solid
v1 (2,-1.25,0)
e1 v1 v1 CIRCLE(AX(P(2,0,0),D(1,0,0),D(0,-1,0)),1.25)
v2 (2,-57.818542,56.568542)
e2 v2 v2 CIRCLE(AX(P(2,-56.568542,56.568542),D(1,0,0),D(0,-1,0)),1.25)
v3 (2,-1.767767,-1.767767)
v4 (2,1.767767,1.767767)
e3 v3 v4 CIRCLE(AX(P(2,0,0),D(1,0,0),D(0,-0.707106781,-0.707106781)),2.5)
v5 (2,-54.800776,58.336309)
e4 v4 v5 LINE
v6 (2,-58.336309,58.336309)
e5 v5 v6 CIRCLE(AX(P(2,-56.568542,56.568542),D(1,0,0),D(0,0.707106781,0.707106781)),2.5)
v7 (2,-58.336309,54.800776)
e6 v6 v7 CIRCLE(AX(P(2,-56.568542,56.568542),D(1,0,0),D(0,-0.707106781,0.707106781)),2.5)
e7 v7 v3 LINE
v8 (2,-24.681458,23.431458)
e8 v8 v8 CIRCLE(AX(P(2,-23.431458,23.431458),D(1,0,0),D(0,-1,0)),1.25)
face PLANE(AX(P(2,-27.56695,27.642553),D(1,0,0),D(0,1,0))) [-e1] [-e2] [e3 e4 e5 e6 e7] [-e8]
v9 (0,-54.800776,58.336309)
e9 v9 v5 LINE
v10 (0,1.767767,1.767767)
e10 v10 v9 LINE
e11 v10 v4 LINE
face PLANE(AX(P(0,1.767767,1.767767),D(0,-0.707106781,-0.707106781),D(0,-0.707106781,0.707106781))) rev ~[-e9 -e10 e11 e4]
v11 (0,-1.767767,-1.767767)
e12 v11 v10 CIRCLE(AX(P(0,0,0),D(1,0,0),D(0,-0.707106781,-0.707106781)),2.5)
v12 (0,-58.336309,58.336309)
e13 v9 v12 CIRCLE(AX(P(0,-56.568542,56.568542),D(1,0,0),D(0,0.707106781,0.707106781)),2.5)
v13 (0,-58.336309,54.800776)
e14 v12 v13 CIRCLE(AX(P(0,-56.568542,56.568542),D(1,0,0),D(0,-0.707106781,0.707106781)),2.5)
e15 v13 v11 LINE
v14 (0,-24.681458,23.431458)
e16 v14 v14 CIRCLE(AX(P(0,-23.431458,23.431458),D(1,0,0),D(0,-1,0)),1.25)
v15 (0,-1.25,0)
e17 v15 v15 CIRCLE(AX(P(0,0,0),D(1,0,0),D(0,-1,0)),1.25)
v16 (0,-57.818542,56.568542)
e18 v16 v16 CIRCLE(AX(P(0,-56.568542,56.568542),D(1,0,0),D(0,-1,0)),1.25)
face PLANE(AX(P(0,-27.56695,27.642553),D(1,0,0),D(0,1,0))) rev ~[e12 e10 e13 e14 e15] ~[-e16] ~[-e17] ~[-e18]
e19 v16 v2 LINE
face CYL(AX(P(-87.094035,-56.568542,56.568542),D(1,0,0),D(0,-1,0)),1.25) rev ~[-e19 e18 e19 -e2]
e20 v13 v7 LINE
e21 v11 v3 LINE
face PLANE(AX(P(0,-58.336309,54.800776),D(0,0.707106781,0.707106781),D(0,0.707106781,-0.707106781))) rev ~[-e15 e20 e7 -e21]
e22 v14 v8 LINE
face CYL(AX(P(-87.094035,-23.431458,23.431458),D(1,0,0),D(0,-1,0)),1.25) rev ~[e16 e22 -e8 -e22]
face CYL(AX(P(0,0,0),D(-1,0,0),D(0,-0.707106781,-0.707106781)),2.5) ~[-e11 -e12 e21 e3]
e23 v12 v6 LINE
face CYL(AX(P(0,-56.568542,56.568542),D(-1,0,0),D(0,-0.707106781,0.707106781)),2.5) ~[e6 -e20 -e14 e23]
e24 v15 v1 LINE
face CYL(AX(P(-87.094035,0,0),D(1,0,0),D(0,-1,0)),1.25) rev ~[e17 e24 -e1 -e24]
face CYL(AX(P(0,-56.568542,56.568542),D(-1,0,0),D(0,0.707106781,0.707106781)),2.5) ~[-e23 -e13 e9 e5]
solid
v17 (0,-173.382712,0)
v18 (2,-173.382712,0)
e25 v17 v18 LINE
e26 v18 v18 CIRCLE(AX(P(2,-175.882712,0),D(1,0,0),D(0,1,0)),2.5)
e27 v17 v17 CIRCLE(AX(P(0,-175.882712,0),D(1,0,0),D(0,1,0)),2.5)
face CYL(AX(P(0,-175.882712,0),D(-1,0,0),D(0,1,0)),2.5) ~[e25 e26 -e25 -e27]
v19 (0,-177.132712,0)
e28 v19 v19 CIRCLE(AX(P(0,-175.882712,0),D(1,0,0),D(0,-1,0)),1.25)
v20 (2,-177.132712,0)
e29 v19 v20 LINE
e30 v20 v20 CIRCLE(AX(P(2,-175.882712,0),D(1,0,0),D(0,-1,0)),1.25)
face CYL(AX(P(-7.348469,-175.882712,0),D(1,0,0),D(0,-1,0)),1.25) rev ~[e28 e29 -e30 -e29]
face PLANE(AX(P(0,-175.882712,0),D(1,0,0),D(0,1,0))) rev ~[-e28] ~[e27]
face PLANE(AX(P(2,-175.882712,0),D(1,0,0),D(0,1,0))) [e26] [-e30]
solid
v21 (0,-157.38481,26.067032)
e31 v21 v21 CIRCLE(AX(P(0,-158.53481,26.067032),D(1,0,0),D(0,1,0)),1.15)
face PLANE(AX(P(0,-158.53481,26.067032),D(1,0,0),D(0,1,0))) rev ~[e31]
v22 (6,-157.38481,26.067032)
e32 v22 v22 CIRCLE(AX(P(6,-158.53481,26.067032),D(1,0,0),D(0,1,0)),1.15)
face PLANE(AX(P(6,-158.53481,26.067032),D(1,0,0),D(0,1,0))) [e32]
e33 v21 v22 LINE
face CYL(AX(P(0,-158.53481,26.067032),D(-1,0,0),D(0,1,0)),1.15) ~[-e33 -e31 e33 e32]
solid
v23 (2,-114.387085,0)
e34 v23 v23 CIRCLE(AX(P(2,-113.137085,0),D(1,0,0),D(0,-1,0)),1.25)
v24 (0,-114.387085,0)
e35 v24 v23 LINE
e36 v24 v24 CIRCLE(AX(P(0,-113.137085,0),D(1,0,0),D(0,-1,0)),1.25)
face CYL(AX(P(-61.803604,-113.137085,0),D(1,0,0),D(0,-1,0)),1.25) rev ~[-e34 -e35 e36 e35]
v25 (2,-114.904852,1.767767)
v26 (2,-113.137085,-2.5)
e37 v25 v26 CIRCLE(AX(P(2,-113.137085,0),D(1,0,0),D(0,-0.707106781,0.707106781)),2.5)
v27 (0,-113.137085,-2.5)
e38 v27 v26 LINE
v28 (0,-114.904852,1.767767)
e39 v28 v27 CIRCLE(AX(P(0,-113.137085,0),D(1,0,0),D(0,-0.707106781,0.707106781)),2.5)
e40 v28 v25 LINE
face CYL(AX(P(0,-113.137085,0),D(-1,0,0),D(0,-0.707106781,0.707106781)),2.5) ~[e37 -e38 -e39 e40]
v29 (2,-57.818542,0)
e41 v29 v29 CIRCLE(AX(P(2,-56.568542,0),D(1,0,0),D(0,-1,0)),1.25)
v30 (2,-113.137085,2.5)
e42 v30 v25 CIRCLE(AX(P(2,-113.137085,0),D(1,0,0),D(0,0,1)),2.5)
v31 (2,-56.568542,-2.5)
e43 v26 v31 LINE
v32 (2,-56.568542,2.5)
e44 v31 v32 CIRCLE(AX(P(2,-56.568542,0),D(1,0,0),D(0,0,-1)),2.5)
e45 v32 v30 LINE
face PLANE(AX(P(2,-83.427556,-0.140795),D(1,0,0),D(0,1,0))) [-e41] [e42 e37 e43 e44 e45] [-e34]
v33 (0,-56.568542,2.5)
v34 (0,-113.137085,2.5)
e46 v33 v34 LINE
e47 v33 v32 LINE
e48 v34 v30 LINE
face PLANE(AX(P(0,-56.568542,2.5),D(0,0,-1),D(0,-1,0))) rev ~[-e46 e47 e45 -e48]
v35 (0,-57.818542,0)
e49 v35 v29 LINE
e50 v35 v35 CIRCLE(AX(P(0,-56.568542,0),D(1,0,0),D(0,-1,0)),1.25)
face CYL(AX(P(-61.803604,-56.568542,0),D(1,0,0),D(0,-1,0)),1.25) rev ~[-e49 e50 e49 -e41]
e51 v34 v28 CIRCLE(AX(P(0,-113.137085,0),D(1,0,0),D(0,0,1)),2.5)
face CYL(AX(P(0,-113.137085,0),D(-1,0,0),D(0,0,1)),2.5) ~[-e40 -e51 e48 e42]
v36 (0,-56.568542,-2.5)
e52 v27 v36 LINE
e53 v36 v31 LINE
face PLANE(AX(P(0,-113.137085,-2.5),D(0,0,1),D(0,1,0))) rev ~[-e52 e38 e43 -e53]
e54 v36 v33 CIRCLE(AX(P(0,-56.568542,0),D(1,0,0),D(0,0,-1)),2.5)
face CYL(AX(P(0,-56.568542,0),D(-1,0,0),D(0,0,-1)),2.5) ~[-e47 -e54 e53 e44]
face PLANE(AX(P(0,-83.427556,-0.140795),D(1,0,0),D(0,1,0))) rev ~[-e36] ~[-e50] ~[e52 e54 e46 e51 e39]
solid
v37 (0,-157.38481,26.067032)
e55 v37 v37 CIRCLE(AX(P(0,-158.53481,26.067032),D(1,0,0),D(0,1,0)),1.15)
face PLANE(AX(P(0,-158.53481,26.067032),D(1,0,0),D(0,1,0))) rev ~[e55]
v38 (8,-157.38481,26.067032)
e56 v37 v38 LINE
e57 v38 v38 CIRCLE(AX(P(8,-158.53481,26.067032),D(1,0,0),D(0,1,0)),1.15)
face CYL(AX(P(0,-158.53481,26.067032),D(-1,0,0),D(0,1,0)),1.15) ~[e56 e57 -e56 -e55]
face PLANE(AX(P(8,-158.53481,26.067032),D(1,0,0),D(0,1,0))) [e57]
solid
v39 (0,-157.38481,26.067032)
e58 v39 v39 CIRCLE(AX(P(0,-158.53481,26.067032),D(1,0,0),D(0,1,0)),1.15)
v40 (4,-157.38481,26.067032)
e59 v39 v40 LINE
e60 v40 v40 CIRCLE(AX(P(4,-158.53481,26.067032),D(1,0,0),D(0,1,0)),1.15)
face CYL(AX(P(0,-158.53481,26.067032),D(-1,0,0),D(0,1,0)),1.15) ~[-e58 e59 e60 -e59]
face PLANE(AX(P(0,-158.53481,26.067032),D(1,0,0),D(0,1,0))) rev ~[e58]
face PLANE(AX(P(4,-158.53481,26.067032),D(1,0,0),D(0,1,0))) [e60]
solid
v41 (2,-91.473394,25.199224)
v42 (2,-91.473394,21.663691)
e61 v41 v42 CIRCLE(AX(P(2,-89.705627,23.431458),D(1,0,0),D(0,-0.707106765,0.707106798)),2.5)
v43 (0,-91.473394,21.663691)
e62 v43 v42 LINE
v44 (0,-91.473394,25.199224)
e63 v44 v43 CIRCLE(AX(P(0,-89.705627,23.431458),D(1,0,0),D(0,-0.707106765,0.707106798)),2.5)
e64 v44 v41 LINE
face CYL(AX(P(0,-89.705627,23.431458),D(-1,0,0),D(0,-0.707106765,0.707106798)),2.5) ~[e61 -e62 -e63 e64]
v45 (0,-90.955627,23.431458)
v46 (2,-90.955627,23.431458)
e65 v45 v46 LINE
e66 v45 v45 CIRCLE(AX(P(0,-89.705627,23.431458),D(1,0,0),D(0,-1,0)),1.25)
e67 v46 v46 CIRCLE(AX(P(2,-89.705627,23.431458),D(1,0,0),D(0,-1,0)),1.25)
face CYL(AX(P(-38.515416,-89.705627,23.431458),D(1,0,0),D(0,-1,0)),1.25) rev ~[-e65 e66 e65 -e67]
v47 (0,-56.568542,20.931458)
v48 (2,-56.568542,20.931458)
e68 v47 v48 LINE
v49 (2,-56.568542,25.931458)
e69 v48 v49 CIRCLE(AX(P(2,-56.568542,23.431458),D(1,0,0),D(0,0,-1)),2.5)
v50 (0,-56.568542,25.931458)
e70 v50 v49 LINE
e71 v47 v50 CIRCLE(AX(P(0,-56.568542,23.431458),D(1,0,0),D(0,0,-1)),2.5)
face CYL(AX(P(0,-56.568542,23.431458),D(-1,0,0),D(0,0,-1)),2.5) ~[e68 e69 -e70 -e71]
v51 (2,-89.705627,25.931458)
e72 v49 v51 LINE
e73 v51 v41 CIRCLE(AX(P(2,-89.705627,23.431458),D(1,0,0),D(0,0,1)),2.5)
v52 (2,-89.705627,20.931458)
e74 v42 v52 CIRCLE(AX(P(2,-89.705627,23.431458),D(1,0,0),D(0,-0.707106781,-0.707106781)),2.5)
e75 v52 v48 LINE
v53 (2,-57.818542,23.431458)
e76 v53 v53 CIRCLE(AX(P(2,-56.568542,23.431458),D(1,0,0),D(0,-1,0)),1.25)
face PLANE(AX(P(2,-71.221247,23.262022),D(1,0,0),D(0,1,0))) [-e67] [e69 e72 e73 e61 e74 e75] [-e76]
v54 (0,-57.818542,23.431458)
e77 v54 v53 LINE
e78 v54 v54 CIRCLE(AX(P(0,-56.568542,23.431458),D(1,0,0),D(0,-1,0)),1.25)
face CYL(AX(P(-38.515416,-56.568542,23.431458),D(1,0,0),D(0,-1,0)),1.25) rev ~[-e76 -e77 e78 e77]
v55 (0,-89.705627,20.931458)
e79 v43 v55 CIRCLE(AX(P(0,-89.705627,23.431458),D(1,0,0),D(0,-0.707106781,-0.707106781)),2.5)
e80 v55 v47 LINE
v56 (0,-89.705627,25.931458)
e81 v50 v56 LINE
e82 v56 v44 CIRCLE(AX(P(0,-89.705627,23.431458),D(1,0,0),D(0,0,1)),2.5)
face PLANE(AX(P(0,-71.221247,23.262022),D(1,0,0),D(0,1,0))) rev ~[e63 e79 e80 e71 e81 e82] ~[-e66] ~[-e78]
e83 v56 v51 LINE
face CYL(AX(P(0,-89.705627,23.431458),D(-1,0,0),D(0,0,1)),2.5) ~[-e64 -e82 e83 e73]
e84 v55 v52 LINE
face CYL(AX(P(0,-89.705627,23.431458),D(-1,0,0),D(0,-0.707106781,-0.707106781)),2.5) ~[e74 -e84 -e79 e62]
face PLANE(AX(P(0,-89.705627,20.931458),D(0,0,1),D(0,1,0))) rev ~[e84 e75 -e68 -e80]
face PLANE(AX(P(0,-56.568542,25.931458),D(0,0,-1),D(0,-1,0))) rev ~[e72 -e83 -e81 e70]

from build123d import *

# Parameters (mm, degrees)
F3_DEPTH  = 2
F4_DEPTH  = 2
F5_D      = 2.5
F5_2_D    = 2.5
F6_DEPTH  = 2
F7_D      = 2.5
F8_D      = 2.5
F2_R      = 2.5
F9_DEPTH  = 2
F10_D     = 2.5
F2_R_2    = 1.15
F11_DEPTH = 4
F12_DEPTH = 6
F13_DEPTH = 8


with BuildPart() as f3:
    # F2 (on Right) → F3 (new body)
    with BuildSketch(Plane.YZ):
        with BuildLine():
            ThreePointArc((-54.800775542, 58.3363094479), (-54.0685424949, 56.5685424949), (-54.800775542, 54.800775542))
            Line((-54.800775542, 54.800775542), (-56.5685424949, 53.033008589))
            Line((-56.5685424949, 53.033008589), (-1.767766953, -1.767766953))
            ThreePointArc((-1.767766953, -1.767766953), (1.767766953, -1.767766953), (1.767766953, 1.767766953))
            Line((1.767766953, 1.767766953), (-54.800775542, 58.3363094479))
        make_face()
        Polygon((-56.5685424949, 53.033008589), (-54.800775542, 54.800775542), (-56.5685424949, 56.5685424949), (-58.3363094479, 54.800775542), align=None)
        with BuildLine():
            Line((-56.5685424949, 56.5685424949), (-54.800775542, 54.800775542))
            ThreePointArc((-54.800775542, 54.800775542), (-54.0685424949, 56.5685424949), (-54.800775542, 58.3363094479))
            ThreePointArc((-54.800775542, 58.3363094479), (-56.5685424949, 59.0685424949), (-58.3363094479, 58.3363094479))
            ThreePointArc((-58.3363094479, 58.3363094479), (-59.0685424949, 56.5685424949), (-58.3363094479, 54.800775542))
            Line((-58.3363094479, 54.800775542), (-56.5685424949, 56.5685424949))
        make_face()
    extrude(amount=F3_DEPTH)

    # F5 (through all)
    with Locations(Plane(origin=(0, 0, 0), x_dir=(0, 1, 0), z_dir=(-1, 0, 0))):
        with Locations((-56.5685424949, 0), (-113.1370849898, 0), (0, 0), (-56.5685424949, -56.5685424949)):
            Hole(F5_D / 2)

    # F8 (through all)
    with Locations(Plane(origin=(0, 0, 0), x_dir=(0, 1, 0), z_dir=(-1, 0, 0))):
        with Locations((-23.4314575051, -23.4314575051)):
            Hole(F8_D / 2)


with BuildPart() as f4:
    # F2 (on Right) → F4 (new body)
    with BuildSketch(Plane.YZ):
        with BuildLine():
            ThreePointArc((-111.3693180369, -1.767766953), (-112.1803764089, -2.3096988313), (-113.1370849898, -2.5))
            Line((-113.1370849898, -2.5), (-56.5685424949, -2.5))
            ThreePointArc((-56.5685424949, -2.5), (-54.0685424949, 0), (-56.5685424949, 2.5))
            Line((-56.5685424949, 2.5), (-107.1015510839, 2.5))
            Line((-107.1015510839, 2.5), (-109.6015510839, 0))
            Line((-109.6015510839, 0), (-111.3693180369, -1.767766953))
        make_face()
        Polygon((-107.1015510839, 2.5), (-110.6370849898, 2.5), (-113.1370849898, 0), (-109.6015510839, 0), align=None)
        with BuildLine():
            ThreePointArc((-113.1370849898, 2.5), (-114.0937935708, 2.3096988313), (-114.9048519428, 1.767766953))
            ThreePointArc((-114.9048519428, 1.767766953), (-115.4467838211, -0.9567085809), (-113.1370849898, -2.5))
            ThreePointArc((-113.1370849898, -2.5), (-112.1803764089, -2.3096988313), (-111.3693180369, -1.767766953))
            Line((-111.3693180369, -1.767766953), (-109.6015510839, 0))
            Line((-109.6015510839, 0), (-113.1370849898, 0))
            Line((-113.1370849898, 0), (-110.6370849898, 2.5))
            Line((-110.6370849898, 2.5), (-113.1370849898, 2.5))
        make_face()
    extrude(amount=F4_DEPTH)

    # F5#2 (through all)
    with Locations(Plane(origin=(0, 0, 0), x_dir=(0, 1, 0), z_dir=(-1, 0, 0))):
        with Locations((-56.5685424949, 0), (-113.1370849898, 0), (0, 0), (-56.5685424949, -56.5685424949)):
            Hole(F5_2_D / 2)


with BuildPart() as f6:
    # F2 (on Right) → F6 (new body)
    with BuildSketch(Plane.YZ):
        with BuildLine():
            Line((-56.5685424949, 25.9314575051), (-83.6700935788, 25.9314575051))
            Line((-83.6700935788, 25.9314575051), (-86.1700935788, 23.4314575051))
            Line((-86.1700935788, 23.4314575051), (-88.6700935788, 20.9314575051))
            Line((-88.6700935788, 20.9314575051), (-56.5685424949, 20.9314575051))
            ThreePointArc((-56.5685424949, 20.9314575051), (-54.0685424949, 23.4314575051), (-56.5685424949, 25.9314575051))
        make_face()
        Polygon((-86.1700935788, 23.4314575051), (-83.6700935788, 25.9314575051), (-87.2056274848, 25.9314575051), (-89.7056274848, 23.4314575051), align=None)
        with BuildLine():
            Line((-89.7056274848, 23.4314575051), (-87.2056274848, 25.9314575051))
            Line((-87.2056274848, 25.9314575051), (-89.7056274848, 25.9314575051))
            ThreePointArc((-89.7056274848, 25.9314575051), (-90.6623360391, 25.7411563474), (-91.473394397, 25.1992244988))
            ThreePointArc((-91.473394397, 25.1992244988), (-92.2056274848, 23.4314575339), (-91.4733944377, 21.6636905521))
            Line((-91.4733944377, 21.6636905521), (-89.7056274848, 23.4314575051))
        make_face()
        with BuildLine():
            Line((-88.6700935788, 20.9314575051), (-86.1700935788, 23.4314575051))
            Line((-86.1700935788, 23.4314575051), (-89.7056274848, 23.4314575051))
            Line((-89.7056274848, 23.4314575051), (-91.4733944377, 21.6636905521))
            ThreePointArc((-91.4733944377, 21.6636905521), (-90.6623360657, 21.1217586738), (-89.7056274848, 20.9314575051))
            Line((-89.7056274848, 20.9314575051), (-88.6700935788, 20.9314575051))
        make_face()
    extrude(amount=F6_DEPTH)

    # F7 (through all)
    with Locations(Plane(origin=(0, 0, 0), x_dir=(0, 1, 0), z_dir=(-1, 0, 0))):
        with Locations((-89.7056274848, -23.4314575051), (-56.5685424949, -23.4314575051)):
            Hole(F7_D / 2)


with BuildPart() as f9:
    # F2 (on Right) → F9 (new body)
    with BuildSketch(Plane.YZ):
        with Locations((-175.8827120066, 0)):
            Circle(F2_R)
    extrude(amount=F9_DEPTH)

    # F10 (through all)
    with Locations(Plane(origin=(0, 0, 0), x_dir=(0, 1, 0), z_dir=(-1, 0, 0))):
        with Locations((-175.8827120066, 0)):
            Hole(F10_D / 2)


with BuildPart() as f11:
    # F2 (on Right) → F11 (new body)
    with BuildSketch(Plane.YZ):
        with Locations((-158.534809947, 26.0670315474)):
            Circle(F2_R_2)
    extrude(amount=F11_DEPTH)


with BuildPart() as f12:
    # F2 (on Right) → F12 (new body)
    with BuildSketch(Plane.YZ):
        with Locations((-158.534809947, 26.0670315474)):
            Circle(F2_R_2)
    extrude(amount=F12_DEPTH)


with BuildPart() as f13:
    # F2 (on Right) → F13 (new body)
    with BuildSketch(Plane.YZ):
        with Locations((-158.534809947, 26.0670315474)):
            Circle(F2_R_2)
    extrude(amount=F13_DEPTH)


solid = Compound([f3.part, f4.part, f6.part, f9.part, f11.part, f12.part, f13.part])
